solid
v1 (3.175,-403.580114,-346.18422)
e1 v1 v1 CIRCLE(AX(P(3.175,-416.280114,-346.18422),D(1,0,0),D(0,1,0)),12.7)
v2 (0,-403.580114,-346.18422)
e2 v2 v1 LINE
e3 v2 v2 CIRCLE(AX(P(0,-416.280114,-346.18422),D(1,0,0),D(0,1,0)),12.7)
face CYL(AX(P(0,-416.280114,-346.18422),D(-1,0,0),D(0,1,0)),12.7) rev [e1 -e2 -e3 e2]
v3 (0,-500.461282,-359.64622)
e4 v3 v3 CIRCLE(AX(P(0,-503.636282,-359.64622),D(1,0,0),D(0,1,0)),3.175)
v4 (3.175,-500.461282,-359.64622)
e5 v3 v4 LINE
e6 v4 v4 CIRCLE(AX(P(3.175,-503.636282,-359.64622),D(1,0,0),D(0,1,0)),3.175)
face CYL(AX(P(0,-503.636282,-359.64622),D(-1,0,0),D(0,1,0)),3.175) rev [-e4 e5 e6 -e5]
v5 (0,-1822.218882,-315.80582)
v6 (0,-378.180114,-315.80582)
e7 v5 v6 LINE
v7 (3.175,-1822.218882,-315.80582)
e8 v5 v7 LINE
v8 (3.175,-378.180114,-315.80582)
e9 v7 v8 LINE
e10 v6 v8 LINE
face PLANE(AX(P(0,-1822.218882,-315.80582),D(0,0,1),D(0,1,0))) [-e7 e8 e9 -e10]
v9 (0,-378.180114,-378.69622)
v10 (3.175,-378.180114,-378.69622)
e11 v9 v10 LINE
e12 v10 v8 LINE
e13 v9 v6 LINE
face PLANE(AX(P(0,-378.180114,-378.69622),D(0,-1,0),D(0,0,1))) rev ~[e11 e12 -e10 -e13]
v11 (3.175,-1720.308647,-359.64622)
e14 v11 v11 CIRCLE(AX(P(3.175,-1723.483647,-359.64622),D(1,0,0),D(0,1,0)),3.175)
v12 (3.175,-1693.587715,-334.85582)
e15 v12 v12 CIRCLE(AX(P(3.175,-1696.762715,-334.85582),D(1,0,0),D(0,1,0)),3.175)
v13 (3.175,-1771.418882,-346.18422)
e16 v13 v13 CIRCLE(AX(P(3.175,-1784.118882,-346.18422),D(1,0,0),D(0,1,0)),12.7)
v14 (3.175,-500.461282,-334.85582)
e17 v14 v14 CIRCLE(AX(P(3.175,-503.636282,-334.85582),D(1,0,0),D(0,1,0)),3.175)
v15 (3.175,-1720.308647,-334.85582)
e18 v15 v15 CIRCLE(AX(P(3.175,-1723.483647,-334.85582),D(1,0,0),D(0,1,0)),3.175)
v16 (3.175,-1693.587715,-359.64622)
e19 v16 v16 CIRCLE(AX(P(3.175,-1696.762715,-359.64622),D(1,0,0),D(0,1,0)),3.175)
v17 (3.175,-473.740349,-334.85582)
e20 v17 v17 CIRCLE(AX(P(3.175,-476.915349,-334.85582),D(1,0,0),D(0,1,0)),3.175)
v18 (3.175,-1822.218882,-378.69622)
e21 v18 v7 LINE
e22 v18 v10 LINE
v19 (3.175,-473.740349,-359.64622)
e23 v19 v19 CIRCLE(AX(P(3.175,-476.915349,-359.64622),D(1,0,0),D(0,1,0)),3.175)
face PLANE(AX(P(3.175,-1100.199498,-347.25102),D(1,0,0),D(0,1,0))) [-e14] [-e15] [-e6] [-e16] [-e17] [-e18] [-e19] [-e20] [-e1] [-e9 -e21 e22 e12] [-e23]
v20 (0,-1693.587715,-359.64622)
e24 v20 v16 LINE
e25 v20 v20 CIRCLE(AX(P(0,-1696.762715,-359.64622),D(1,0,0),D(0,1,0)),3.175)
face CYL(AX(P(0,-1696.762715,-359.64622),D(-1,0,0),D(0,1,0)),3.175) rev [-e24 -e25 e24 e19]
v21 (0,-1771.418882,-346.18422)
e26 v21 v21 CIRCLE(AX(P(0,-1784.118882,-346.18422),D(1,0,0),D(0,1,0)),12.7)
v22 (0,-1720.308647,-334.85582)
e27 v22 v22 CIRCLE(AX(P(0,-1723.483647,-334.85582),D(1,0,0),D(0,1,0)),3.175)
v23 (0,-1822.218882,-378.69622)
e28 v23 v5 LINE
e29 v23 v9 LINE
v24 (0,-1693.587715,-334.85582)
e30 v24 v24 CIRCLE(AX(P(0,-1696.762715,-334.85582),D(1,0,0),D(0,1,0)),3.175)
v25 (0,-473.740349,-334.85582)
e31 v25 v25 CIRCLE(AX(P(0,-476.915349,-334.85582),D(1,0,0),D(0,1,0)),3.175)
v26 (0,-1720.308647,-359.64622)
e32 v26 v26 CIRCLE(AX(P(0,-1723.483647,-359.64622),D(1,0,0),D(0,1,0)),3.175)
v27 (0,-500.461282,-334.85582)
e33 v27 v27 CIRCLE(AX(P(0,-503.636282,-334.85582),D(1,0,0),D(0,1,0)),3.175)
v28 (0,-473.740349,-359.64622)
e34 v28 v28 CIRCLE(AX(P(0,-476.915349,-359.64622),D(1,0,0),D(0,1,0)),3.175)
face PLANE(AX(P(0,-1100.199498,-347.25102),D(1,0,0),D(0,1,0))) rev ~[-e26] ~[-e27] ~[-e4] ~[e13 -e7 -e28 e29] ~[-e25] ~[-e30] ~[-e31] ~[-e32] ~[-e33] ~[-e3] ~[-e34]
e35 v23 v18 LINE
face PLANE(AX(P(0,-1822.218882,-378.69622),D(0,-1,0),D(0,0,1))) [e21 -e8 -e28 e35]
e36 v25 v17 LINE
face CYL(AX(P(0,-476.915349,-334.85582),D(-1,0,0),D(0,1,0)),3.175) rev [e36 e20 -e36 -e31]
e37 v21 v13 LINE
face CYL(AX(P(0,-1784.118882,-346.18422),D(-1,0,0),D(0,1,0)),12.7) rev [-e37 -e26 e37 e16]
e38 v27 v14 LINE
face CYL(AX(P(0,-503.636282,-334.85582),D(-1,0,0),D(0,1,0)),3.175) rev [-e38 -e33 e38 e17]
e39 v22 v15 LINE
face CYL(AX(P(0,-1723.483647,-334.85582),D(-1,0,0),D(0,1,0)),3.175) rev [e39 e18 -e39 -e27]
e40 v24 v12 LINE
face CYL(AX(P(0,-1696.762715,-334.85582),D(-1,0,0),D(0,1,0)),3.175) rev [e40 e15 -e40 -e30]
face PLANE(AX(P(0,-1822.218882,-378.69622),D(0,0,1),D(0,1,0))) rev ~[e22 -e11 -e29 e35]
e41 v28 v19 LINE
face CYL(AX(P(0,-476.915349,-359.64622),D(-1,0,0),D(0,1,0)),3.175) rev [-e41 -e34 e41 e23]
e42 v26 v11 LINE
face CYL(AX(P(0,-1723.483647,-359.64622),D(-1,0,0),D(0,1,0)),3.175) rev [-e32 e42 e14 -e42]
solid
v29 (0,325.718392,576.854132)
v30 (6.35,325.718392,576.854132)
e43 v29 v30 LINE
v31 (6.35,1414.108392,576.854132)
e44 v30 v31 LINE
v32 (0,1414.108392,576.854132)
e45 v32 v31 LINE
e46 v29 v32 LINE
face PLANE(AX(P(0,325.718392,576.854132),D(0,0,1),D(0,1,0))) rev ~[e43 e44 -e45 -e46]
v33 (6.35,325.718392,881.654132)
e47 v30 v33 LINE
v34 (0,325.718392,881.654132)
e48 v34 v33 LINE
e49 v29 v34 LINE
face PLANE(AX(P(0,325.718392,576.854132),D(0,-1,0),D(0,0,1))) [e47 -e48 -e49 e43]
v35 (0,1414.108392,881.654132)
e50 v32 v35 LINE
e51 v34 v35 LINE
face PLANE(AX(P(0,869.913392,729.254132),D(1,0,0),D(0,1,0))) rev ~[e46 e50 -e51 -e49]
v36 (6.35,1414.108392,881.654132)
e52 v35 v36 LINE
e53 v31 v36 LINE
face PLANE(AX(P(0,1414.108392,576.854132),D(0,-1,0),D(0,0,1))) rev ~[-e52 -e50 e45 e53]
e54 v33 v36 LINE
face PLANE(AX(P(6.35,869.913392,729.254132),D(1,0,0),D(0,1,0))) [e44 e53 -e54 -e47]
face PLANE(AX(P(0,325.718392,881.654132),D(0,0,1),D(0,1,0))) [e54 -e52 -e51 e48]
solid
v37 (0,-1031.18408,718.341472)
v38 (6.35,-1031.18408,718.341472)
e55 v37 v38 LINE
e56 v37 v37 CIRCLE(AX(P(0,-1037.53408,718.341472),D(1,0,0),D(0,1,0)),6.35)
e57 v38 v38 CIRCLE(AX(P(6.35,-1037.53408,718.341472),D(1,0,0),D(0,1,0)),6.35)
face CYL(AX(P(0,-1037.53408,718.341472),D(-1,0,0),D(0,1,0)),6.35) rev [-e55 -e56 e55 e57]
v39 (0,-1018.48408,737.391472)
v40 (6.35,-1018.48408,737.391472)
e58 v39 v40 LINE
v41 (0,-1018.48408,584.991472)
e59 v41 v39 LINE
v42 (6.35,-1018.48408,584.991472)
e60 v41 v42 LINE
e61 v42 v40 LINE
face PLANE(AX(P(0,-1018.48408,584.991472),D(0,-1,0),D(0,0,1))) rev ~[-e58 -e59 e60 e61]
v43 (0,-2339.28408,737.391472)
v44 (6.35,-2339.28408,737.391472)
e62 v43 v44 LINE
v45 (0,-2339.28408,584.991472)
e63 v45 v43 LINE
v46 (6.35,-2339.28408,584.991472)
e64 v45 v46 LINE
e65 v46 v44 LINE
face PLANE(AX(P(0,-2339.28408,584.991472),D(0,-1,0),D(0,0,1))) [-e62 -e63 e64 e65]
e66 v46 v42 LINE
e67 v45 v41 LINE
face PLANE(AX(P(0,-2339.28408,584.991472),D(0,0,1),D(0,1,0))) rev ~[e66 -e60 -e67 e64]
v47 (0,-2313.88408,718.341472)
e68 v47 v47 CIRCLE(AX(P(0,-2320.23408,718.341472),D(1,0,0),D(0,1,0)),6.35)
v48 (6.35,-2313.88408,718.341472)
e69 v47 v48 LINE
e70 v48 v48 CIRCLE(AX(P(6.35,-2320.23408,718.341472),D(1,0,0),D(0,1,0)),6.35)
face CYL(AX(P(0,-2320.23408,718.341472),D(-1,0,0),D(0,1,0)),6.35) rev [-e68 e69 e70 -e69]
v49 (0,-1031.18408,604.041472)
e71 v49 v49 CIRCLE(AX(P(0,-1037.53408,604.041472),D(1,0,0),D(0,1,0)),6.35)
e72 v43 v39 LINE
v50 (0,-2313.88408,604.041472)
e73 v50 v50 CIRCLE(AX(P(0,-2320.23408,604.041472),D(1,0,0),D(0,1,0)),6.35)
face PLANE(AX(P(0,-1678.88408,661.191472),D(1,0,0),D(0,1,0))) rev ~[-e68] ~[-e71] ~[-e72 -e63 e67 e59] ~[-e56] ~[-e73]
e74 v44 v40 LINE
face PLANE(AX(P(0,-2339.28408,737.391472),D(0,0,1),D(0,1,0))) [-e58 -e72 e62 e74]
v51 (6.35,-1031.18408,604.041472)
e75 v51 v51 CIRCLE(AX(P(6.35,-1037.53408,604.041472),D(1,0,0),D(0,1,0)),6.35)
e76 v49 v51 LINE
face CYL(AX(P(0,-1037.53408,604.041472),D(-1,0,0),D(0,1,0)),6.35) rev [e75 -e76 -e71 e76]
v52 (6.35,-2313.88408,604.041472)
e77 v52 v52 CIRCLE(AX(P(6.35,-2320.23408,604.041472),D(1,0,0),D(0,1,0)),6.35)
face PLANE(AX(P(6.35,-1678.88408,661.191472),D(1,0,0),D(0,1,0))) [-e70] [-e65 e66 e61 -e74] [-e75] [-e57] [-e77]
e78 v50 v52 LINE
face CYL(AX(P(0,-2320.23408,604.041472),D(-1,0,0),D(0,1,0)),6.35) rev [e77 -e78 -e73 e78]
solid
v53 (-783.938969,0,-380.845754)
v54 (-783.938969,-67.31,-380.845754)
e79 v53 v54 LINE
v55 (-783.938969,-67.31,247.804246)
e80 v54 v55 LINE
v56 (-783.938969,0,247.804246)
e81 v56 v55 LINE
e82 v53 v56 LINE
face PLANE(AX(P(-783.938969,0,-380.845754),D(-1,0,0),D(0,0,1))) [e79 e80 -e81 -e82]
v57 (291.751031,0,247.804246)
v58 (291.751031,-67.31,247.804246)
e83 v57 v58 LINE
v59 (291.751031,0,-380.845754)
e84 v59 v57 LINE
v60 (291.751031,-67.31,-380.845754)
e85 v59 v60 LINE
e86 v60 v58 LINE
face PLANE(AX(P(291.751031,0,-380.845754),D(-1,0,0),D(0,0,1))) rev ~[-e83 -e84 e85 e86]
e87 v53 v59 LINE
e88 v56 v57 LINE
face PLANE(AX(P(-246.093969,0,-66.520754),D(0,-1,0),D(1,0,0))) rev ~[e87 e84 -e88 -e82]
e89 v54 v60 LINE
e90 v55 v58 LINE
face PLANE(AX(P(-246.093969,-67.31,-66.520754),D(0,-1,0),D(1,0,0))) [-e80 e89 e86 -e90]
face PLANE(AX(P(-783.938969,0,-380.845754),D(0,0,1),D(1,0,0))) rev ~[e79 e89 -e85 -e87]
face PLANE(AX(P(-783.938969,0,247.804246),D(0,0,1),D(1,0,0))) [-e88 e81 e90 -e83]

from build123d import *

# Parameters (mm, degrees)
F0_W     = 1075.69
F0_H     = 628.65
F1_DEPTH = 67.31
F2_W     = 1088.39
F2_H     = 304.8
F3_DEPTH = 6.35
F4_W     = 1320.8
F4_H     = 152.4
F4_R     = 6.35
F5_DEPTH = 6.35
F6_W     = 1444.038768
F6_H     = 62.8904
F6_R     = 3.175
F6_R_2   = 12.7
F7_DEPTH = 3.175


with BuildPart() as f1:
    # F0 (on Front) → F1 (new body)
    with BuildSketch(Plane.XZ):
        with Locations((-246.093969, -66.520754)):
            Rectangle(F0_W, F0_H)
    extrude(amount=F1_DEPTH)


with BuildPart() as f3:
    # F2 (on Right) → F3 (new body)
    with BuildSketch(Plane.YZ):
        with Locations((869.913392, 729.254132)):
            Rectangle(F2_W, F2_H)
    extrude(amount=F3_DEPTH)


with BuildPart() as f5:
    # F4 (on Right) → F5 (new body)
    with BuildSketch(Plane.YZ):
        with Locations((-1678.88408, 661.191472)):
            Rectangle(F4_W, F4_H)
        with Locations((-2320.23408, 604.041472)):
            Circle(F4_R, mode=Mode.SUBTRACT)
        with Locations((-1037.53408, 604.041472)):
            Circle(F4_R, mode=Mode.SUBTRACT)
        with Locations((-2320.23408, 718.341472)):
            Circle(F4_R, mode=Mode.SUBTRACT)
        with Locations((-1037.53408, 718.341472)):
            Circle(F4_R, mode=Mode.SUBTRACT)
    extrude(amount=F5_DEPTH)


with BuildPart() as f7:
    # F6 (on Right) → F7 (new body)
    with BuildSketch(Plane.YZ):
        with Locations((-1100.199498, -347.25102)):
            Rectangle(F6_W, F6_H)
        with Locations((-1723.483647, -359.64622)):
            Circle(F6_R, mode=Mode.SUBTRACT)
        with Locations((-1696.762715, -359.64622)):
            Circle(F6_R, mode=Mode.SUBTRACT)
        with Locations((-503.636282, -359.64622)):
            Circle(F6_R, mode=Mode.SUBTRACT)
        with Locations((-476.915349, -359.64622)):
            Circle(F6_R, mode=Mode.SUBTRACT)
        with Locations((-1784.118882, -346.18422)):
            Circle(F6_R_2, mode=Mode.SUBTRACT)
        with Locations((-1723.483647, -334.85582)):
            Circle(F6_R, mode=Mode.SUBTRACT)
        with Locations((-1696.762715, -334.85582)):
            Circle(F6_R, mode=Mode.SUBTRACT)
        with Locations((-416.280114, -346.18422)):
            Circle(F6_R_2, mode=Mode.SUBTRACT)
        with Locations((-503.636282, -334.85582)):
            Circle(F6_R, mode=Mode.SUBTRACT)
        with Locations((-476.915349, -334.85582)):
            Circle(F6_R, mode=Mode.SUBTRACT)
    extrude(amount=F7_DEPTH)


solid = Compound([f1.part, f3.part, f5.part, f7.part])
